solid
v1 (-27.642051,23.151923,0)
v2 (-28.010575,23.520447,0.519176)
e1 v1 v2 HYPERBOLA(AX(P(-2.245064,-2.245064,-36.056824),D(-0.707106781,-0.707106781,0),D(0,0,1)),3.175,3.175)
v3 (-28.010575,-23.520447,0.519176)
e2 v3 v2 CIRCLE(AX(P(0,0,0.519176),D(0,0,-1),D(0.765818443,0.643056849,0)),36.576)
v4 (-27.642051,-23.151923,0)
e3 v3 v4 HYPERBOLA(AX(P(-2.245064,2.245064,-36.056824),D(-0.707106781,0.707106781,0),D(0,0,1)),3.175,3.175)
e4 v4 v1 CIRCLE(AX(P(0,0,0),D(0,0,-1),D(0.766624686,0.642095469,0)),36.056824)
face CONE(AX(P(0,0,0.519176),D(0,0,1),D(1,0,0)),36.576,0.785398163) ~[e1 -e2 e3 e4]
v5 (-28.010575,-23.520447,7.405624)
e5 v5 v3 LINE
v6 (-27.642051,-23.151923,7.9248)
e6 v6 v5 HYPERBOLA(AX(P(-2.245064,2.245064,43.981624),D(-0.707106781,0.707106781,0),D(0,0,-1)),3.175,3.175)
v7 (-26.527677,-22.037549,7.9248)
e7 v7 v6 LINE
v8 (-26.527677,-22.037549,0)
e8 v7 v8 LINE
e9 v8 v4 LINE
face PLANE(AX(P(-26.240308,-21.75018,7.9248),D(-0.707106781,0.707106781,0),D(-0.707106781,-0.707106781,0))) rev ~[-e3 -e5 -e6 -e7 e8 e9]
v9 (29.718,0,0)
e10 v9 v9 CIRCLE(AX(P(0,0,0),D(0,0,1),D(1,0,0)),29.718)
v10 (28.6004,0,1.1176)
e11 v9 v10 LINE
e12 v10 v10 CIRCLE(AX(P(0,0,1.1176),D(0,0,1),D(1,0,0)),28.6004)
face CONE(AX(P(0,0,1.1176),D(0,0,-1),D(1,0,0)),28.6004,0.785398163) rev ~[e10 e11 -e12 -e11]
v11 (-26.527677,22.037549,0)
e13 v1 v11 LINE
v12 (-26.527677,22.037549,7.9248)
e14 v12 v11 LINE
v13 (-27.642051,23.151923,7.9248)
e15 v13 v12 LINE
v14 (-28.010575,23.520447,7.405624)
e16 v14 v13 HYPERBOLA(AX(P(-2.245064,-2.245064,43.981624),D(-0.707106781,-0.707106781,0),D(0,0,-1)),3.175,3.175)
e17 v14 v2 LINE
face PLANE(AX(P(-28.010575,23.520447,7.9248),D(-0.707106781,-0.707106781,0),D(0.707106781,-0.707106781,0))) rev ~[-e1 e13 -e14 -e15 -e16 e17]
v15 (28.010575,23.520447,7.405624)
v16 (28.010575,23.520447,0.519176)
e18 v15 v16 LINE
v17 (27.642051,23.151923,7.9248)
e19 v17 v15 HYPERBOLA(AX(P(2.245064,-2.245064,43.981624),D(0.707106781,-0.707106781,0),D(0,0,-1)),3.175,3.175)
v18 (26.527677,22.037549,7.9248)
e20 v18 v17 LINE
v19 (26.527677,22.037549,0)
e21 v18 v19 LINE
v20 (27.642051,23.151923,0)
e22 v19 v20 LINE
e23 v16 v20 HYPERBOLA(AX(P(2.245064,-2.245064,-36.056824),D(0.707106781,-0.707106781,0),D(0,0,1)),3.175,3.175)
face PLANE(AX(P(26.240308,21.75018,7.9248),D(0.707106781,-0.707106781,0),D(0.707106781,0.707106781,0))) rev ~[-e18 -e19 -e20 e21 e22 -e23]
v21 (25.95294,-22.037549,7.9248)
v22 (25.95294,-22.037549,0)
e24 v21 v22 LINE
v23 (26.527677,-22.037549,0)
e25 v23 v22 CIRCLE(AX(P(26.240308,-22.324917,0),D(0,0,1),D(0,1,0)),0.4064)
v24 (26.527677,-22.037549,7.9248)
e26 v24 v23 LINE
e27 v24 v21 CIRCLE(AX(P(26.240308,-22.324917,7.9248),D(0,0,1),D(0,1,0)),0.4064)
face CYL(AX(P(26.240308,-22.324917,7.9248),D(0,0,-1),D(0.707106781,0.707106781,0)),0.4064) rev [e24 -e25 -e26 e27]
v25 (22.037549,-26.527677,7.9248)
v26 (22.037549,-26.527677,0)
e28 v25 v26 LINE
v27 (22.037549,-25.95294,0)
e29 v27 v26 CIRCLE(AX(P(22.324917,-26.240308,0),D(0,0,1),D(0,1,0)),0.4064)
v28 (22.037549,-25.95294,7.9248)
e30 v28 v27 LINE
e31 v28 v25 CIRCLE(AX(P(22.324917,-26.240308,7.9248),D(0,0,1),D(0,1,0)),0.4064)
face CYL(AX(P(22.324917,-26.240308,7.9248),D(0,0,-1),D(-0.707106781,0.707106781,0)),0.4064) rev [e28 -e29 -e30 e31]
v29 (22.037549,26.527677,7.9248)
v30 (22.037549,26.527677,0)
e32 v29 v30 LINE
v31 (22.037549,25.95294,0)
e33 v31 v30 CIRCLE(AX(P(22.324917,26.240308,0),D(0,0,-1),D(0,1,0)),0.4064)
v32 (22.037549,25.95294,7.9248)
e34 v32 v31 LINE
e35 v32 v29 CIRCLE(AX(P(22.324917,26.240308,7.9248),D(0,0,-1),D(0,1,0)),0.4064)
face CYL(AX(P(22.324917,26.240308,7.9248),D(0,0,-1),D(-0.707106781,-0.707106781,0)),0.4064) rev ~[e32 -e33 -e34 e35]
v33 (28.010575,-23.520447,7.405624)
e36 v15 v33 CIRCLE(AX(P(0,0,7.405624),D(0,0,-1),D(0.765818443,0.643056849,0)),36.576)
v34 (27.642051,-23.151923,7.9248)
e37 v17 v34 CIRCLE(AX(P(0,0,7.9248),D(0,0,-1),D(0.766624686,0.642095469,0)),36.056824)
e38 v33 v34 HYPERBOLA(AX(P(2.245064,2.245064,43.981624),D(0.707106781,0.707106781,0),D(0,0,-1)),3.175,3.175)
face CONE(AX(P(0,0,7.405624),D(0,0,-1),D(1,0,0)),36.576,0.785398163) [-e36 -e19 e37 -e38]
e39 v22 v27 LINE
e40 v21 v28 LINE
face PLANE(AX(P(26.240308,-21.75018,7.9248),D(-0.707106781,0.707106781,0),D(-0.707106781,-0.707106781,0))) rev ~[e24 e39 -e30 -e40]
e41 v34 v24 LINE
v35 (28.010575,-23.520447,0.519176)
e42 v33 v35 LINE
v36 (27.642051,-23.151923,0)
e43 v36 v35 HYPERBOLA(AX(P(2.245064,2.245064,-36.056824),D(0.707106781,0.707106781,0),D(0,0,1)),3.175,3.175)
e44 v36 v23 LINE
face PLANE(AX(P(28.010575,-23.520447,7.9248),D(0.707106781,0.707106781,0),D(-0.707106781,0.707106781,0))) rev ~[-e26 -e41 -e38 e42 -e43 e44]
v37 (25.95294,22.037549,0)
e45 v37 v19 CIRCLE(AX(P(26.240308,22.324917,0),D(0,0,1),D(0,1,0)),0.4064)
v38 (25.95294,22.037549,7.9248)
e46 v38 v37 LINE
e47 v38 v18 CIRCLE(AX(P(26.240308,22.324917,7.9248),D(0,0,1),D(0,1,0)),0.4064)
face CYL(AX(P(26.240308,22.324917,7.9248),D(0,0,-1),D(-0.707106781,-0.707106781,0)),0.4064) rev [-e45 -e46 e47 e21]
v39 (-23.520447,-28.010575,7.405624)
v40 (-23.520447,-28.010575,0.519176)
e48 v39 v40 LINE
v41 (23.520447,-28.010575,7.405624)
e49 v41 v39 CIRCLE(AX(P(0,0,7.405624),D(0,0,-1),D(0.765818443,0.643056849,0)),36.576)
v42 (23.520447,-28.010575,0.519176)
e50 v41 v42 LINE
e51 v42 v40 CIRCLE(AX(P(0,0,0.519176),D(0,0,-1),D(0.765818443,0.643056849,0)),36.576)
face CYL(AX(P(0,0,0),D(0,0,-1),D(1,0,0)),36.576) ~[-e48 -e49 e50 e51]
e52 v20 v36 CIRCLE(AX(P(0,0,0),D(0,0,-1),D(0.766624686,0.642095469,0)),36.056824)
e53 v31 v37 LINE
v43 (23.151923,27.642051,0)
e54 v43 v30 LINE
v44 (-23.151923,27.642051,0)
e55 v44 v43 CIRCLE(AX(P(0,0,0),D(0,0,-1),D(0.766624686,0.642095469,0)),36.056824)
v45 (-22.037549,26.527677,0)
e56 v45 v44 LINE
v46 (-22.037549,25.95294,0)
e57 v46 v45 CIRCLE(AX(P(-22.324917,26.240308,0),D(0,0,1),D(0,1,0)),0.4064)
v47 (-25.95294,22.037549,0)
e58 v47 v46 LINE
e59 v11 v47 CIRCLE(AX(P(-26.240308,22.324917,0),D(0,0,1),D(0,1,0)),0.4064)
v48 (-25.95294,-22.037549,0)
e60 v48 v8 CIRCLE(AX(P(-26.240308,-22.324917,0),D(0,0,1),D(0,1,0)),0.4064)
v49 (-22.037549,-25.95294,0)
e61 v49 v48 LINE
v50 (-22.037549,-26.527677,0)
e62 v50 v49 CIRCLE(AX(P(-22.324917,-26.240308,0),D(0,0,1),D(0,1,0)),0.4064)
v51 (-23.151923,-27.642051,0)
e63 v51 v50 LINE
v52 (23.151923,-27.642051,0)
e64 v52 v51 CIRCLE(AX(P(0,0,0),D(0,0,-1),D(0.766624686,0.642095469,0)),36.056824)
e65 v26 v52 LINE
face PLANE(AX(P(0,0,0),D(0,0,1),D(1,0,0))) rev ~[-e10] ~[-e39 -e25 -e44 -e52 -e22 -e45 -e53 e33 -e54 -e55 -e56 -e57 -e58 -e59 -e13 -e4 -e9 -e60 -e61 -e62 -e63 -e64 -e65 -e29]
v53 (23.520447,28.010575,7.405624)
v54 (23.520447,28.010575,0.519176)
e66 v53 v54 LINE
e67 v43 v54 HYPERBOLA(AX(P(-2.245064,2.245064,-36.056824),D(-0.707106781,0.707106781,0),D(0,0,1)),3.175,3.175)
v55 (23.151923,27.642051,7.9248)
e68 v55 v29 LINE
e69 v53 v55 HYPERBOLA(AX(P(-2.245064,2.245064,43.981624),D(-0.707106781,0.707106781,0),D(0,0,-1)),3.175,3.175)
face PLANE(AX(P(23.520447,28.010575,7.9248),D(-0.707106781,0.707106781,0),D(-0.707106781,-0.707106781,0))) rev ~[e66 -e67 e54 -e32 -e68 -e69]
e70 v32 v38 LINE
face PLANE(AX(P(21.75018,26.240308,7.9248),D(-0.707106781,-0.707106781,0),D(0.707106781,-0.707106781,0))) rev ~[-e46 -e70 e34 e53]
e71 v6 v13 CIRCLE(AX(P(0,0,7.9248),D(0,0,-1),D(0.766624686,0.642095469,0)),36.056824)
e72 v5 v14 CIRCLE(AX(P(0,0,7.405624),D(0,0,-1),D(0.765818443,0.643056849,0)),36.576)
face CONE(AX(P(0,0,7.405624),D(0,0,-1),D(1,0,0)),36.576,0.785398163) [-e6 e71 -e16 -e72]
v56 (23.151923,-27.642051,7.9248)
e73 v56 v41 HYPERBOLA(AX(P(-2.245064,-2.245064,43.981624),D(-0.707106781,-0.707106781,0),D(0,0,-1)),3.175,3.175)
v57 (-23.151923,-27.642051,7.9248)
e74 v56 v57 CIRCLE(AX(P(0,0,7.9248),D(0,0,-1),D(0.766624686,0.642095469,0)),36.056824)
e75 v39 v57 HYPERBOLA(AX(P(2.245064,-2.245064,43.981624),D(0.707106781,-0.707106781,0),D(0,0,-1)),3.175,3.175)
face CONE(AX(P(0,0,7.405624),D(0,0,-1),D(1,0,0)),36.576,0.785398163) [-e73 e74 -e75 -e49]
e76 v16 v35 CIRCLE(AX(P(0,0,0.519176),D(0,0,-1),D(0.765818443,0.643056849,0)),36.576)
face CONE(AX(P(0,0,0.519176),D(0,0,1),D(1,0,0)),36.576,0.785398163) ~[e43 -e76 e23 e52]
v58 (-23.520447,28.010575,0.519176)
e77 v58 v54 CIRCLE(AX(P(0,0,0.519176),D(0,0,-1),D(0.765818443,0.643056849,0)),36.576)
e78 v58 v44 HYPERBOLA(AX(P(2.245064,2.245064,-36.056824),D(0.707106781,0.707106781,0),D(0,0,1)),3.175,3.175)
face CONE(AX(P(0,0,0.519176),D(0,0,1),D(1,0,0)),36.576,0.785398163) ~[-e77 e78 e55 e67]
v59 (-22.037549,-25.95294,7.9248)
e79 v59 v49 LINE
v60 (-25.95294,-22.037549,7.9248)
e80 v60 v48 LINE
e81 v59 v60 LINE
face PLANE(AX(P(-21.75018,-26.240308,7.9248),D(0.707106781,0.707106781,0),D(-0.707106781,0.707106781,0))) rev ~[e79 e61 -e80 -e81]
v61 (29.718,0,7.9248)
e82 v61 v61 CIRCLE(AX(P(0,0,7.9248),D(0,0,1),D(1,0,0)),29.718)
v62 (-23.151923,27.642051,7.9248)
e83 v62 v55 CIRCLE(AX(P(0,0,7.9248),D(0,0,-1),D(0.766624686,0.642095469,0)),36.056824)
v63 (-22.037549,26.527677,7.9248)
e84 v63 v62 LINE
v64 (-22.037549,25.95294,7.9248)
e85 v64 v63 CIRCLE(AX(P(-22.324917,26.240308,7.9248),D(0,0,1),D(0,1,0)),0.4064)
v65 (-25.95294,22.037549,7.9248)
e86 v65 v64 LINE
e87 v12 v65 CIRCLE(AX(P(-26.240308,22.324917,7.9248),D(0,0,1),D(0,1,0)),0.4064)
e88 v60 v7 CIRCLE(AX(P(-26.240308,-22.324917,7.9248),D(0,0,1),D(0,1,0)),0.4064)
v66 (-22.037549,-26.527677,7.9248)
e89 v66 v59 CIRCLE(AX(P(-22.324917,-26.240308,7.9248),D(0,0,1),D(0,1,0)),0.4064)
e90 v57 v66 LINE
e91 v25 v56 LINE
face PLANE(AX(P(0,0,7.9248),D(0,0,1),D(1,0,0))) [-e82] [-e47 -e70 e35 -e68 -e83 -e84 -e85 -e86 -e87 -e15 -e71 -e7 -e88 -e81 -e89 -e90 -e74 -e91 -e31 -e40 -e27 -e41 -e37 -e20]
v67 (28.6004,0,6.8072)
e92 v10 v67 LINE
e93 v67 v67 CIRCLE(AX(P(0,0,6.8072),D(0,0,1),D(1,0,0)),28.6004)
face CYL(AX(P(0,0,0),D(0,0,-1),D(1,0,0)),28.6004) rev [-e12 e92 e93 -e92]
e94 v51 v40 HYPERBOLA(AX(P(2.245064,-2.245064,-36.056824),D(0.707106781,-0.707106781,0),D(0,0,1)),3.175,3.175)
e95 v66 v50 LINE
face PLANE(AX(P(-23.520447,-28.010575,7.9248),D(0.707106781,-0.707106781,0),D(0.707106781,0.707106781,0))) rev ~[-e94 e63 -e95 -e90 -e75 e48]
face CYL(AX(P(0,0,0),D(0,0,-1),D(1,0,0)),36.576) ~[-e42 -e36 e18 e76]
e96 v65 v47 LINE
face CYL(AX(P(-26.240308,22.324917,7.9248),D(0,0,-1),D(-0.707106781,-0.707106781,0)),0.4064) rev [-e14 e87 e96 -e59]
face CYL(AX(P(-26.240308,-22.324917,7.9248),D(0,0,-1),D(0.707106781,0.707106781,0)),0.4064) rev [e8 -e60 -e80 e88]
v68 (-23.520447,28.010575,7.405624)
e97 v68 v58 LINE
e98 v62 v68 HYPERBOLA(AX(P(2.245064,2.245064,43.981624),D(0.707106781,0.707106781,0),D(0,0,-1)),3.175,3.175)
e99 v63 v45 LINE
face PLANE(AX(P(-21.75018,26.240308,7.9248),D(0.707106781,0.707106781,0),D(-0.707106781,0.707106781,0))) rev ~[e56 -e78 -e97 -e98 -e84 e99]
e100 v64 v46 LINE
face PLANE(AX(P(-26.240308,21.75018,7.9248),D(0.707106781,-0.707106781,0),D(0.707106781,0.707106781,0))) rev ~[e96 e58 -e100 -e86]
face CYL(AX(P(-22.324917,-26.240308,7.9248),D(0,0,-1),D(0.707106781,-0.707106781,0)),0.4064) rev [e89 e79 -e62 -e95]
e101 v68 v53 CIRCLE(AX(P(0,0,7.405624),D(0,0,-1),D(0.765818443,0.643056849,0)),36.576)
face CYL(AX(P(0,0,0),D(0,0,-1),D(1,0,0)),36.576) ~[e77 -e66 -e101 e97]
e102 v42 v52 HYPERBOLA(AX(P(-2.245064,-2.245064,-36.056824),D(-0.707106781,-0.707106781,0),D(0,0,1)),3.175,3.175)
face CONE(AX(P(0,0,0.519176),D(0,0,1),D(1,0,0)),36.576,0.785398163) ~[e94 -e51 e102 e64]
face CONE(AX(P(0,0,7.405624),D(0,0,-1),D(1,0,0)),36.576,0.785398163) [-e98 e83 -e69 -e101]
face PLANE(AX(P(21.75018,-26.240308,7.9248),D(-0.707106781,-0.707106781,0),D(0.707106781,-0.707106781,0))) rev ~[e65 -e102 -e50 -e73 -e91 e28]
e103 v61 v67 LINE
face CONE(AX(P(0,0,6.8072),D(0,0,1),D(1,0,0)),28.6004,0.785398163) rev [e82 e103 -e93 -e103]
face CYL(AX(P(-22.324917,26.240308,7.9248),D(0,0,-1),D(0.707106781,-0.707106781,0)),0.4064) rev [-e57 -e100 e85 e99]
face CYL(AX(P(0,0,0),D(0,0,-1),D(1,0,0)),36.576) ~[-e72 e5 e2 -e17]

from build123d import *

# Parameters (mm, degrees)
SKETCH1_R                = 36.576
SKETCH1_R_2              = 28.6004
EXTRUDE1_DEPTH           = 7.9248
CHAMFER1_SIZE            = 0.519176
CHAMFER2_SIZE            = 1.1176
CUT_EXTRUDE1_DEPTH       = 8.9248
FILLET1_R                = 0.4064
CIRPATTERN1_COUNT        = 4
FILLET1_OF_CIRPATTERN1_R = 0.4064


with BuildPart() as part:
    # Sketch1 → Extrude1 (new body)
    with BuildSketch(Plane.XY):
        Circle(SKETCH1_R)
        Circle(SKETCH1_R_2, mode=Mode.SUBTRACT)
    extrude(amount=EXTRUDE1_DEPTH)

    # Chamfer1
    chamfer1_edges = [part.edges().sort_by_distance(p)[0] for p in [
        (-36.576, 0, 0),
        (-36.576, 0, 7.9248),
    ]]
    chamfer(chamfer1_edges, length=CHAMFER1_SIZE)

    # Chamfer2
    chamfer2_edges = [part.edges().sort_by_distance(p)[0] for p in [
        (-28.6004, 0, 0),
        (-28.6004, 0, 7.9248),
    ]]
    chamfer(chamfer2_edges, length=CHAMFER2_SIZE)

    # Sketch2 → Cut-Extrude1 (cut, through all)
    with BuildSketch(Plane.XY.offset(7.9248)):
        with BuildLine():
            Line((23.520447327, 28.010575388), (21.750180325, 26.240308386))
            Line((21.750180325, 26.240308386), (26.240308386, 21.750180325))
            Line((26.240308386, 21.750180325), (28.010575388, 23.520447327))
            ThreePointArc((28.010575388, 23.520447327), (25.863137629, 25.863137629), (23.520447327, 28.010575388))
        make_face()
    cut_extrude1 = extrude(amount=-CUT_EXTRUDE1_DEPTH, mode=Mode.SUBTRACT)

    # Fillet1
    fillet1_edges = [part.edges().sort_by_distance(p)[0] for p in [
        (26.240308386, 21.750180325, 3.9624),
        (21.750180325, 26.240308386, 3.9624),
    ]]
    fillet(fillet1_edges, radius=FILLET1_R)

    # CirPattern1: Cut-Extrude1 ×4 about axis
    cirpattern1_axis = Axis((0, 0, 0), (0, 0, 1))
    for i in range(1, CIRPATTERN1_COUNT):
        add(cut_extrude1.rotate(cirpattern1_axis, i * 360 / CIRPATTERN1_COUNT), mode=Mode.SUBTRACT)

    # Fillet1 of CirPattern1
    fillet1_of_cirpattern1_edges = [part.edges().sort_by_distance(p)[0] for p in [
        (-21.750180325, 26.240308386, 3.9624),
        (-26.240308386, 21.750180325, 3.9624),
        (-26.240308386, -21.750180325, 3.9624),
        (-21.750180325, -26.240308386, 3.9624),
        (21.750180325, -26.240308386, 3.9624),
        (26.240308386, -21.750180325, 3.9624),
    ]]
    fillet(fillet1_of_cirpattern1_edges, radius=FILLET1_OF_CIRPATTERN1_R)


solid = part.part
